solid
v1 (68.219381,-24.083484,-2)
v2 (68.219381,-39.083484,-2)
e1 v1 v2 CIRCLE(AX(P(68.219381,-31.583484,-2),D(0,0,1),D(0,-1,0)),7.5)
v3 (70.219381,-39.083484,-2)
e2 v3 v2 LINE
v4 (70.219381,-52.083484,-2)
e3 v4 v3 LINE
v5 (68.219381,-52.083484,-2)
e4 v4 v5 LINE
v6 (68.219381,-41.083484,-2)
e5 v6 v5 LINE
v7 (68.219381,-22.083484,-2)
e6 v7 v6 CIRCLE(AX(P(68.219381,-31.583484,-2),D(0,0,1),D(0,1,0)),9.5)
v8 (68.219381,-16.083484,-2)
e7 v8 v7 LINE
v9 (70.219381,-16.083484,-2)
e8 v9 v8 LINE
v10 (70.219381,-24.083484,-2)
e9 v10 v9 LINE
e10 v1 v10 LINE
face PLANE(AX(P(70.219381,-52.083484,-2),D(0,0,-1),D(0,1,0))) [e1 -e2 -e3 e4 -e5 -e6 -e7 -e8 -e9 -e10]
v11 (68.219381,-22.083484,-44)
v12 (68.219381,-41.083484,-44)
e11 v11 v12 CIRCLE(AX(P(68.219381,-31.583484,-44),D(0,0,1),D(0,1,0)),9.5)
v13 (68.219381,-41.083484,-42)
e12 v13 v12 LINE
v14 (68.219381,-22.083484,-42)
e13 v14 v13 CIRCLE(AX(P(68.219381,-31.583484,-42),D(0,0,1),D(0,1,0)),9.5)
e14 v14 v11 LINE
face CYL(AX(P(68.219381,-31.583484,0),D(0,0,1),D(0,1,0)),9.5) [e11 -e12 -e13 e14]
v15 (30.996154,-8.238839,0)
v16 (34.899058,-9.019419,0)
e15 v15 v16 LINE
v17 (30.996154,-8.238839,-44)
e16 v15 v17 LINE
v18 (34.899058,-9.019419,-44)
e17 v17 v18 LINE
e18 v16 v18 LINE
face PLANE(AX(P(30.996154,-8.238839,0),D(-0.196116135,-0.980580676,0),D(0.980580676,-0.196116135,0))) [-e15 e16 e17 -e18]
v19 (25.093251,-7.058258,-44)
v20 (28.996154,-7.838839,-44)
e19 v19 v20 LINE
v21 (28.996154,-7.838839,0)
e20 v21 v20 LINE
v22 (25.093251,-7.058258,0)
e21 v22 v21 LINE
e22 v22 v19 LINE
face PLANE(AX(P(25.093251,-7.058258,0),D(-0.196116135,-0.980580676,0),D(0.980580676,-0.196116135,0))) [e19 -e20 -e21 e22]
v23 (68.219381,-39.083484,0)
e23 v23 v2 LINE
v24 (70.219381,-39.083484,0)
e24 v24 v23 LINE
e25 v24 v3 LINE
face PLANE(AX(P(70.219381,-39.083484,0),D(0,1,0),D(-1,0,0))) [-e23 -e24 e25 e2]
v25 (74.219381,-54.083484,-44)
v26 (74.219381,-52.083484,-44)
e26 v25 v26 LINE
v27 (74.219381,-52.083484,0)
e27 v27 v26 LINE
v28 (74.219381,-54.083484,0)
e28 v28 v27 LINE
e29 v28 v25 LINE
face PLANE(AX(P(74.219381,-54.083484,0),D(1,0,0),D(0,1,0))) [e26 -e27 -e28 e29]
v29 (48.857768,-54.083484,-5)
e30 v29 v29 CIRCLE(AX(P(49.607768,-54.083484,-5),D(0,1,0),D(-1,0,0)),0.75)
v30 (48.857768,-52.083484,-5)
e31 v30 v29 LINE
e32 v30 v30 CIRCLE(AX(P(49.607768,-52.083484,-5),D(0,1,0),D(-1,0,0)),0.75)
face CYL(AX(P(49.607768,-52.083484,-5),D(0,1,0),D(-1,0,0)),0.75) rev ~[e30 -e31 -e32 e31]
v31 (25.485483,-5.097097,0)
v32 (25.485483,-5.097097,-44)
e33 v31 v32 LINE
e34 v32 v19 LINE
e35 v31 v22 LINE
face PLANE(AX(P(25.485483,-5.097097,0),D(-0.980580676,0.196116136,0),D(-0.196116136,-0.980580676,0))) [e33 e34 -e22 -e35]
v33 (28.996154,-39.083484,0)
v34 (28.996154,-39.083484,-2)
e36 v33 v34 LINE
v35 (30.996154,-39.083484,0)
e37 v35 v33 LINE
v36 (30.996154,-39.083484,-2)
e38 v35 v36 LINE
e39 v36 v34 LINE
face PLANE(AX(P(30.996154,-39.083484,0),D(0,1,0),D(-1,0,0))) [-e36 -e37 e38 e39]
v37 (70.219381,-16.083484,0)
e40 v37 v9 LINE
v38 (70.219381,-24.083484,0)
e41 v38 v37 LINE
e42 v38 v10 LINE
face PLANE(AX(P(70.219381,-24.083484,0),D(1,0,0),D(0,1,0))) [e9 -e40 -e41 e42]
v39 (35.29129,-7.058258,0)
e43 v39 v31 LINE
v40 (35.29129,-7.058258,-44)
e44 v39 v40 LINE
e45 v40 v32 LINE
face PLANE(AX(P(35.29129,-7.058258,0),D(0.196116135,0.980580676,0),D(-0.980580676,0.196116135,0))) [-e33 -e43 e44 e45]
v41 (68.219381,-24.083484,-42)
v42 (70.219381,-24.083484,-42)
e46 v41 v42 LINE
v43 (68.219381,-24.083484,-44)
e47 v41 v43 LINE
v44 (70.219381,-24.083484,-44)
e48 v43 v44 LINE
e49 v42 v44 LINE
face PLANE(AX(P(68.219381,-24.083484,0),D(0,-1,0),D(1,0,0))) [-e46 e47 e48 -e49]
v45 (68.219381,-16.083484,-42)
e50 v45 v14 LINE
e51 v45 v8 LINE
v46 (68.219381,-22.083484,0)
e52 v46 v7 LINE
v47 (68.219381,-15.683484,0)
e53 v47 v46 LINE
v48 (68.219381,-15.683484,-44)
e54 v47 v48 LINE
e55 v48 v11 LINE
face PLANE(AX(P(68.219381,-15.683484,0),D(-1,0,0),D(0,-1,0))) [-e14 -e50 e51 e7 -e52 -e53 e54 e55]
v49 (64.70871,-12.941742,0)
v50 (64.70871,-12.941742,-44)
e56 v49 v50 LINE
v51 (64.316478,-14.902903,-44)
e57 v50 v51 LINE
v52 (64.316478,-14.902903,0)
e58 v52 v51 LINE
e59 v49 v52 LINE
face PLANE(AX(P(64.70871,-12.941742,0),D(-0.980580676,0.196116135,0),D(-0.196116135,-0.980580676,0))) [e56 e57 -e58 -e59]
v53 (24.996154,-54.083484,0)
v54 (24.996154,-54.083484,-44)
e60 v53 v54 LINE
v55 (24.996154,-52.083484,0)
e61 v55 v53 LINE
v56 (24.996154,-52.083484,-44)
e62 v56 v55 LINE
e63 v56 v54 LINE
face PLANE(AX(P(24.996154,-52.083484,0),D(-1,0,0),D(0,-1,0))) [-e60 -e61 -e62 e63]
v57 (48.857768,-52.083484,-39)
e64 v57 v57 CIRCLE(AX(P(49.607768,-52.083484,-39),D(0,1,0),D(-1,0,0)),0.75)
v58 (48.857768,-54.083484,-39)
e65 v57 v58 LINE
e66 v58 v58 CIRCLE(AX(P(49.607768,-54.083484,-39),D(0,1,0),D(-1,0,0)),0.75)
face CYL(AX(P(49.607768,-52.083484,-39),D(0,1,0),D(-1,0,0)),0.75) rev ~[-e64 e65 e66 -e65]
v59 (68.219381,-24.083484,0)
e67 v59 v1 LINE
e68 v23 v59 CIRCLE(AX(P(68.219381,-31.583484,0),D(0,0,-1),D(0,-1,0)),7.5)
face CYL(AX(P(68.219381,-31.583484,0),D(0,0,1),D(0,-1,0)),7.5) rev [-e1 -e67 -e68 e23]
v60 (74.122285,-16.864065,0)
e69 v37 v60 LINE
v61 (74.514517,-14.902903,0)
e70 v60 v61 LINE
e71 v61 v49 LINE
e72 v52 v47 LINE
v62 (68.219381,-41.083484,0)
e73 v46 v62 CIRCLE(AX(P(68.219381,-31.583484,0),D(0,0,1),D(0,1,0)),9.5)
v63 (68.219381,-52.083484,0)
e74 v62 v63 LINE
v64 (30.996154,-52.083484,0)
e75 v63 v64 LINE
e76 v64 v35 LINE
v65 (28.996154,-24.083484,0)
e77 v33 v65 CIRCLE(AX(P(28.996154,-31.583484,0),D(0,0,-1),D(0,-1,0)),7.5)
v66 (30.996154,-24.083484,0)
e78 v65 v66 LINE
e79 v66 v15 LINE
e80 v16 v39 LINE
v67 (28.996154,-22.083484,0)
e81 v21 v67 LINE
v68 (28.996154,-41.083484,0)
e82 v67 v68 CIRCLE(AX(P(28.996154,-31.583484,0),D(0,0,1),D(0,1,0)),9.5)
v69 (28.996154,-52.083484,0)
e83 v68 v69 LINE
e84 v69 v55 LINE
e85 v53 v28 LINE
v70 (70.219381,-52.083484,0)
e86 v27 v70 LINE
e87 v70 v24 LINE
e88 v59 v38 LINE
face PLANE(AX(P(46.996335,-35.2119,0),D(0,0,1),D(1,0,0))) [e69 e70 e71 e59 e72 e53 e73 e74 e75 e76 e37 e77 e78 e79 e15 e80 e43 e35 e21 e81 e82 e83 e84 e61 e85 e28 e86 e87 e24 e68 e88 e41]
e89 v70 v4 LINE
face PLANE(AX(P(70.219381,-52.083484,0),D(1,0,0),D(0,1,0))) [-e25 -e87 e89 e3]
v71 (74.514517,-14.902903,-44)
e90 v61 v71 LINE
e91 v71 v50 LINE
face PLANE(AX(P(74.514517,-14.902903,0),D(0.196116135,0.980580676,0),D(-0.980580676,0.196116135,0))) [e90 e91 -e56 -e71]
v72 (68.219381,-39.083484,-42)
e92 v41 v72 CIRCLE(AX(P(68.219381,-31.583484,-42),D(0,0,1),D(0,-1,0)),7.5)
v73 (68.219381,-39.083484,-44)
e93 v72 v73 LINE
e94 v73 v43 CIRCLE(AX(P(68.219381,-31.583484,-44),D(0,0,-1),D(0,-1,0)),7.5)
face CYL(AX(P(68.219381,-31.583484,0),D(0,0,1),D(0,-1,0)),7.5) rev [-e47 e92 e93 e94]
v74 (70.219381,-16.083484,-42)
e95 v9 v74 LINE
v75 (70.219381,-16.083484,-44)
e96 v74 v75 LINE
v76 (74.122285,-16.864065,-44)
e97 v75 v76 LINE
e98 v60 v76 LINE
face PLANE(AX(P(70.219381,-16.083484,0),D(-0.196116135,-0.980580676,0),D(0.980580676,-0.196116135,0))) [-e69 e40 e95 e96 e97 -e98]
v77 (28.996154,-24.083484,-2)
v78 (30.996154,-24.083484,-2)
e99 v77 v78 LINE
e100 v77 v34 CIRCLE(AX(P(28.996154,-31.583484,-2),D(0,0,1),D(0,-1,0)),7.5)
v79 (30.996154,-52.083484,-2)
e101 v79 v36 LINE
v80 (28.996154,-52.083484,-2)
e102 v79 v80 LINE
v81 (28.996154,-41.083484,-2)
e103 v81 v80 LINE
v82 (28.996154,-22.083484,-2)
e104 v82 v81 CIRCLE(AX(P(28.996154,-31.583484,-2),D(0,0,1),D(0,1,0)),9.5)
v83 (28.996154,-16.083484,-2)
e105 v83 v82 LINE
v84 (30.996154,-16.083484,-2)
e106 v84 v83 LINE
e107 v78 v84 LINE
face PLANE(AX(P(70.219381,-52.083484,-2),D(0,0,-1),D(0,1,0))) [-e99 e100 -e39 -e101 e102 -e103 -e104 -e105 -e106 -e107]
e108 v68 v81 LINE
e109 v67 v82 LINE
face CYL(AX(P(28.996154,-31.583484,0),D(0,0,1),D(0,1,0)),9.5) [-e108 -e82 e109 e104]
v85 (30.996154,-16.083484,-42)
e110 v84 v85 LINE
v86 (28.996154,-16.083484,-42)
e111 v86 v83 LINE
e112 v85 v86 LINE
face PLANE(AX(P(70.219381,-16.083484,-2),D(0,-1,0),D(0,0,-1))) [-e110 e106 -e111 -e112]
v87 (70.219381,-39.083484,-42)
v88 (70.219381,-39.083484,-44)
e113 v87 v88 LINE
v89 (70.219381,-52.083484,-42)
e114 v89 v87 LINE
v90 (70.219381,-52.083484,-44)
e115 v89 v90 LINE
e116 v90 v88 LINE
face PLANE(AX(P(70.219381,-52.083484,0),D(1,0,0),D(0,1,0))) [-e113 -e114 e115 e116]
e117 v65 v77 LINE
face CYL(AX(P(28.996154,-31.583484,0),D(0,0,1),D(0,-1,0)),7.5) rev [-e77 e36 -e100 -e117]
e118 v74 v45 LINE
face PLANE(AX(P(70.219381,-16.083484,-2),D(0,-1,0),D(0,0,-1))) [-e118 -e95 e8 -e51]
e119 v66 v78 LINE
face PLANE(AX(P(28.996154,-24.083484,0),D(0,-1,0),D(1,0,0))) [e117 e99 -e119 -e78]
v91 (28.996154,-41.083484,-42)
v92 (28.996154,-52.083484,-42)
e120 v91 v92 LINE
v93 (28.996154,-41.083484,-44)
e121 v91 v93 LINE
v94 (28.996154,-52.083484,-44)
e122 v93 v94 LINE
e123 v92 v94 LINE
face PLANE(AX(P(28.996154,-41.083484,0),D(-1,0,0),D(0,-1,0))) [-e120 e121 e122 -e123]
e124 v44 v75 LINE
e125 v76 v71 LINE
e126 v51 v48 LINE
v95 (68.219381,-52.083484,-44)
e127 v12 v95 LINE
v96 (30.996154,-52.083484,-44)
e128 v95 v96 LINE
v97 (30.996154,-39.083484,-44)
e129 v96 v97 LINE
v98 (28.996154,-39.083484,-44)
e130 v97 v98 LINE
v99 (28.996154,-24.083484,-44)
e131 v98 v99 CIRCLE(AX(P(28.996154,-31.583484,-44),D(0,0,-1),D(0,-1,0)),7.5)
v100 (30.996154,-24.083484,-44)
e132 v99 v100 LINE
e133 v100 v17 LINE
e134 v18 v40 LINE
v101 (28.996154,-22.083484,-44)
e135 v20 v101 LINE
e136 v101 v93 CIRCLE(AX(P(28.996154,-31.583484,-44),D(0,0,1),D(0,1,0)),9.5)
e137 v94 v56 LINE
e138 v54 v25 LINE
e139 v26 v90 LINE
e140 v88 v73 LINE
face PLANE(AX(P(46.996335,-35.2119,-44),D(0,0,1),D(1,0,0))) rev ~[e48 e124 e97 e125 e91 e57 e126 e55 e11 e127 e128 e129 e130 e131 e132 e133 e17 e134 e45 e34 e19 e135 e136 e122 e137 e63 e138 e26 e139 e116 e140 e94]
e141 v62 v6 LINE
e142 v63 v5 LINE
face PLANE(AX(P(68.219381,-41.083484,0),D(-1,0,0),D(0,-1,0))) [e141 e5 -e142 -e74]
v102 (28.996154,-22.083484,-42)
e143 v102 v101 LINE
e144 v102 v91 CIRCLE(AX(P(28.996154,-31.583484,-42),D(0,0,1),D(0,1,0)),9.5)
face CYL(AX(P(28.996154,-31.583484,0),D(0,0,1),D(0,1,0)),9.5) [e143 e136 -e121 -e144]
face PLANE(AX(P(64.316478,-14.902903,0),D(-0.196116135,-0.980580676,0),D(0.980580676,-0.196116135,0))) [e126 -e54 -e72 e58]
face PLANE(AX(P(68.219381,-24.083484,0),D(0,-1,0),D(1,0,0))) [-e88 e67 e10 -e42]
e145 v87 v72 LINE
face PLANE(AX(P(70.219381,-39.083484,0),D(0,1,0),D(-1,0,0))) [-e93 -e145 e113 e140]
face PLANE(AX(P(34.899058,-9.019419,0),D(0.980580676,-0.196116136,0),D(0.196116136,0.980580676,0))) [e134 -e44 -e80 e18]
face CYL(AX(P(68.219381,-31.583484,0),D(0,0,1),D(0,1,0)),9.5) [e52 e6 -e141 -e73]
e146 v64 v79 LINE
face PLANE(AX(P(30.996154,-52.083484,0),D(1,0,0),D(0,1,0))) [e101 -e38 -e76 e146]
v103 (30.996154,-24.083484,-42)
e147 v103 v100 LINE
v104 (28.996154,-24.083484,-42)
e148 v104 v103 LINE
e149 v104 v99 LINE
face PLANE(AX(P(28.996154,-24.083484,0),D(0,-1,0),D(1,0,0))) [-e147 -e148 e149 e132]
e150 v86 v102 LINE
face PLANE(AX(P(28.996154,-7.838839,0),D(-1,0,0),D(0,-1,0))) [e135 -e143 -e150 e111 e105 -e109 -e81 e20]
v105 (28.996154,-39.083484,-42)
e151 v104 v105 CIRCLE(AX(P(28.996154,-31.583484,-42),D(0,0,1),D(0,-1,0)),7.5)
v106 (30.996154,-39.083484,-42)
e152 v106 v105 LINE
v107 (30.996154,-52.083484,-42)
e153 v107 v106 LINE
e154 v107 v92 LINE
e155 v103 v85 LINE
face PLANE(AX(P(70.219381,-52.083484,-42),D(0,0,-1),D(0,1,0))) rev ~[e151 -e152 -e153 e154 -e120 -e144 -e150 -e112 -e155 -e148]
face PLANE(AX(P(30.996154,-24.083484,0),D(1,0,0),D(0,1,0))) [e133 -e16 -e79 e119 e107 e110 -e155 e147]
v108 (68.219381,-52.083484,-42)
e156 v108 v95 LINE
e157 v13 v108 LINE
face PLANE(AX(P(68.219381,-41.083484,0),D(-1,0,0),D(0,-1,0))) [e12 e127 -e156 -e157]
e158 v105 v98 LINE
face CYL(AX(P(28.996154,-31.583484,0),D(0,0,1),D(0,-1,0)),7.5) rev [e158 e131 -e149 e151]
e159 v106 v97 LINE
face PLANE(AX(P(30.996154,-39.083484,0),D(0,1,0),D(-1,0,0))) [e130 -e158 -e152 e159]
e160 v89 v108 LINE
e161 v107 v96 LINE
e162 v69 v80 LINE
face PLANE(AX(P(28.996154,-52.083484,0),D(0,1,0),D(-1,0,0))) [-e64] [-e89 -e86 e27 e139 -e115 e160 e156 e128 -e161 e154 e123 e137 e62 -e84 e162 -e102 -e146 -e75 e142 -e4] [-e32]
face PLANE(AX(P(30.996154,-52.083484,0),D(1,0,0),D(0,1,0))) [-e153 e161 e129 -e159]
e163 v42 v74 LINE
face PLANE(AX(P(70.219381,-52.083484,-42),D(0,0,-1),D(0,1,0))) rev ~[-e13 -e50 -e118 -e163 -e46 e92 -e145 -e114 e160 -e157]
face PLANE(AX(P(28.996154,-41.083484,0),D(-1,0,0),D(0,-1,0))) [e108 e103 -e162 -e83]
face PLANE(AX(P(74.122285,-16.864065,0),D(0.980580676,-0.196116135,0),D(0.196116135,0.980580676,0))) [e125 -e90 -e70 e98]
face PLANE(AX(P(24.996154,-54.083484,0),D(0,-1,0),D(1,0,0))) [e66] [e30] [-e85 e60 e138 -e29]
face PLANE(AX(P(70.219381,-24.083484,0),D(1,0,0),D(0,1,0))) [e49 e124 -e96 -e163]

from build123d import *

# Parameters (mm, degrees)
BOSS_EXTRUDE1_DEPTH = 44
SKETCH2_W           = 40
SKETCH2_H           = 36
CUT_EXTRUDE1_DEPTH  = 87.219887541
SKETCH3_R           = 0.75
CUT_EXTRUDE2_DEPTH  = 99.468948566


with BuildPart() as part:
    # Sketch1 → Boss-Extrude1 (new body)
    with BuildSketch(Plane.XY):
        with BuildLine():
            Line((25.485483108, -5.097096622), (25.093250837, -7.058257973))
            Line((25.093250837, -7.058257973), (28.996154216, -7.838838649))
            Line((28.996154216, -7.838838649), (28.996154216, -22.083484054))
            ThreePointArc((28.996154216, -22.083484054), (19.496154216, -31.583484054), (28.996154216, -41.083484054))
            Line((28.996154216, -41.083484054), (28.996154216, -52.083484054))
            Line((28.996154216, -52.083484054), (24.996154216, -52.083484054))
            Line((24.996154216, -52.083484054), (24.996154216, -54.083484054))
            Line((24.996154216, -54.083484054), (74.219381244, -54.083484054))
            Line((74.219381244, -54.083484054), (74.219381244, -52.083484054))
            Line((74.219381244, -52.083484054), (70.219381244, -52.083484054))
            Line((70.219381244, -52.083484054), (70.219381244, -39.083484054))
            Line((70.219381244, -39.083484054), (68.219381244, -39.083484054))
            ThreePointArc((68.219381244, -39.083484054), (60.719381244, -31.583484054), (68.219381244, -24.083484054))
            Line((68.219381244, -24.083484054), (70.219381244, -24.083484054))
            Line((70.219381244, -24.083484054), (70.219381244, -20.083484054))
            Line((70.219381244, -20.083484054), (70.219381244, -16.083484054))
            Line((70.219381244, -16.083484054), (74.122284622, -16.86406473))
            Line((74.122284622, -16.86406473), (74.514516892, -14.902903378))
            Line((74.514516892, -14.902903378), (64.708710135, -12.941742027))
            Line((64.708710135, -12.941742027), (64.316477865, -14.902903378))
            Line((64.316477865, -14.902903378), (68.219381244, -15.683484054))
            Line((68.219381244, -15.683484054), (68.219381244, -22.083484054))
            ThreePointArc((68.219381244, -22.083484054), (58.719381244, -31.583484054), (68.219381244, -41.083484054))
            Line((68.219381244, -41.083484054), (68.219381244, -52.083484054))
            Line((68.219381244, -52.083484054), (30.996154216, -52.083484054))
            Line((30.996154216, -52.083484054), (30.996154216, -39.083484054))
            Line((30.996154216, -39.083484054), (28.996154216, -39.083484054))
            ThreePointArc((28.996154216, -39.083484054), (21.496154216, -31.583484054), (28.996154216, -24.083484054))
            Line((28.996154216, -24.083484054), (30.996154216, -24.083484054))
            Line((30.996154216, -24.083484054), (30.996154216, -8.238838649))
            Line((30.996154216, -8.238838649), (34.899057594, -9.019419324))
            Line((34.899057594, -9.019419324), (35.291289865, -7.058257973))
            Line((35.291289865, -7.058257973), (25.485483108, -5.097096622))
        make_face()
    extrude(amount=-BOSS_EXTRUDE1_DEPTH)

    # Sketch2 → Cut-Extrude1 (cut, through all)
    with BuildSketch(Plane(origin=(70.219381244, 0, 0), x_dir=(0, 0, -1), z_dir=(1, 0, 0))):
        with Locations((22, -34.083484054)):
            Rectangle(SKETCH2_W, SKETCH2_H)
    extrude(amount=-CUT_EXTRUDE1_DEPTH, mode=Mode.SUBTRACT)

    # Sketch3 → Cut-Extrude2 (cut, through all)
    with BuildSketch(Plane(origin=(0, -52.083484054, 0), x_dir=(1, 0, 0), z_dir=(0, 1, 0))):
        with Locations(Location((49.60776773, 39, 0), (0, 0, 180))):
            Circle(SKETCH3_R)
        with Locations(Location((49.60776773, 5, 0), (0, 0, 180))):
            Circle(SKETCH3_R)
    extrude(amount=-CUT_EXTRUDE2_DEPTH, mode=Mode.SUBTRACT)


solid = part.part
